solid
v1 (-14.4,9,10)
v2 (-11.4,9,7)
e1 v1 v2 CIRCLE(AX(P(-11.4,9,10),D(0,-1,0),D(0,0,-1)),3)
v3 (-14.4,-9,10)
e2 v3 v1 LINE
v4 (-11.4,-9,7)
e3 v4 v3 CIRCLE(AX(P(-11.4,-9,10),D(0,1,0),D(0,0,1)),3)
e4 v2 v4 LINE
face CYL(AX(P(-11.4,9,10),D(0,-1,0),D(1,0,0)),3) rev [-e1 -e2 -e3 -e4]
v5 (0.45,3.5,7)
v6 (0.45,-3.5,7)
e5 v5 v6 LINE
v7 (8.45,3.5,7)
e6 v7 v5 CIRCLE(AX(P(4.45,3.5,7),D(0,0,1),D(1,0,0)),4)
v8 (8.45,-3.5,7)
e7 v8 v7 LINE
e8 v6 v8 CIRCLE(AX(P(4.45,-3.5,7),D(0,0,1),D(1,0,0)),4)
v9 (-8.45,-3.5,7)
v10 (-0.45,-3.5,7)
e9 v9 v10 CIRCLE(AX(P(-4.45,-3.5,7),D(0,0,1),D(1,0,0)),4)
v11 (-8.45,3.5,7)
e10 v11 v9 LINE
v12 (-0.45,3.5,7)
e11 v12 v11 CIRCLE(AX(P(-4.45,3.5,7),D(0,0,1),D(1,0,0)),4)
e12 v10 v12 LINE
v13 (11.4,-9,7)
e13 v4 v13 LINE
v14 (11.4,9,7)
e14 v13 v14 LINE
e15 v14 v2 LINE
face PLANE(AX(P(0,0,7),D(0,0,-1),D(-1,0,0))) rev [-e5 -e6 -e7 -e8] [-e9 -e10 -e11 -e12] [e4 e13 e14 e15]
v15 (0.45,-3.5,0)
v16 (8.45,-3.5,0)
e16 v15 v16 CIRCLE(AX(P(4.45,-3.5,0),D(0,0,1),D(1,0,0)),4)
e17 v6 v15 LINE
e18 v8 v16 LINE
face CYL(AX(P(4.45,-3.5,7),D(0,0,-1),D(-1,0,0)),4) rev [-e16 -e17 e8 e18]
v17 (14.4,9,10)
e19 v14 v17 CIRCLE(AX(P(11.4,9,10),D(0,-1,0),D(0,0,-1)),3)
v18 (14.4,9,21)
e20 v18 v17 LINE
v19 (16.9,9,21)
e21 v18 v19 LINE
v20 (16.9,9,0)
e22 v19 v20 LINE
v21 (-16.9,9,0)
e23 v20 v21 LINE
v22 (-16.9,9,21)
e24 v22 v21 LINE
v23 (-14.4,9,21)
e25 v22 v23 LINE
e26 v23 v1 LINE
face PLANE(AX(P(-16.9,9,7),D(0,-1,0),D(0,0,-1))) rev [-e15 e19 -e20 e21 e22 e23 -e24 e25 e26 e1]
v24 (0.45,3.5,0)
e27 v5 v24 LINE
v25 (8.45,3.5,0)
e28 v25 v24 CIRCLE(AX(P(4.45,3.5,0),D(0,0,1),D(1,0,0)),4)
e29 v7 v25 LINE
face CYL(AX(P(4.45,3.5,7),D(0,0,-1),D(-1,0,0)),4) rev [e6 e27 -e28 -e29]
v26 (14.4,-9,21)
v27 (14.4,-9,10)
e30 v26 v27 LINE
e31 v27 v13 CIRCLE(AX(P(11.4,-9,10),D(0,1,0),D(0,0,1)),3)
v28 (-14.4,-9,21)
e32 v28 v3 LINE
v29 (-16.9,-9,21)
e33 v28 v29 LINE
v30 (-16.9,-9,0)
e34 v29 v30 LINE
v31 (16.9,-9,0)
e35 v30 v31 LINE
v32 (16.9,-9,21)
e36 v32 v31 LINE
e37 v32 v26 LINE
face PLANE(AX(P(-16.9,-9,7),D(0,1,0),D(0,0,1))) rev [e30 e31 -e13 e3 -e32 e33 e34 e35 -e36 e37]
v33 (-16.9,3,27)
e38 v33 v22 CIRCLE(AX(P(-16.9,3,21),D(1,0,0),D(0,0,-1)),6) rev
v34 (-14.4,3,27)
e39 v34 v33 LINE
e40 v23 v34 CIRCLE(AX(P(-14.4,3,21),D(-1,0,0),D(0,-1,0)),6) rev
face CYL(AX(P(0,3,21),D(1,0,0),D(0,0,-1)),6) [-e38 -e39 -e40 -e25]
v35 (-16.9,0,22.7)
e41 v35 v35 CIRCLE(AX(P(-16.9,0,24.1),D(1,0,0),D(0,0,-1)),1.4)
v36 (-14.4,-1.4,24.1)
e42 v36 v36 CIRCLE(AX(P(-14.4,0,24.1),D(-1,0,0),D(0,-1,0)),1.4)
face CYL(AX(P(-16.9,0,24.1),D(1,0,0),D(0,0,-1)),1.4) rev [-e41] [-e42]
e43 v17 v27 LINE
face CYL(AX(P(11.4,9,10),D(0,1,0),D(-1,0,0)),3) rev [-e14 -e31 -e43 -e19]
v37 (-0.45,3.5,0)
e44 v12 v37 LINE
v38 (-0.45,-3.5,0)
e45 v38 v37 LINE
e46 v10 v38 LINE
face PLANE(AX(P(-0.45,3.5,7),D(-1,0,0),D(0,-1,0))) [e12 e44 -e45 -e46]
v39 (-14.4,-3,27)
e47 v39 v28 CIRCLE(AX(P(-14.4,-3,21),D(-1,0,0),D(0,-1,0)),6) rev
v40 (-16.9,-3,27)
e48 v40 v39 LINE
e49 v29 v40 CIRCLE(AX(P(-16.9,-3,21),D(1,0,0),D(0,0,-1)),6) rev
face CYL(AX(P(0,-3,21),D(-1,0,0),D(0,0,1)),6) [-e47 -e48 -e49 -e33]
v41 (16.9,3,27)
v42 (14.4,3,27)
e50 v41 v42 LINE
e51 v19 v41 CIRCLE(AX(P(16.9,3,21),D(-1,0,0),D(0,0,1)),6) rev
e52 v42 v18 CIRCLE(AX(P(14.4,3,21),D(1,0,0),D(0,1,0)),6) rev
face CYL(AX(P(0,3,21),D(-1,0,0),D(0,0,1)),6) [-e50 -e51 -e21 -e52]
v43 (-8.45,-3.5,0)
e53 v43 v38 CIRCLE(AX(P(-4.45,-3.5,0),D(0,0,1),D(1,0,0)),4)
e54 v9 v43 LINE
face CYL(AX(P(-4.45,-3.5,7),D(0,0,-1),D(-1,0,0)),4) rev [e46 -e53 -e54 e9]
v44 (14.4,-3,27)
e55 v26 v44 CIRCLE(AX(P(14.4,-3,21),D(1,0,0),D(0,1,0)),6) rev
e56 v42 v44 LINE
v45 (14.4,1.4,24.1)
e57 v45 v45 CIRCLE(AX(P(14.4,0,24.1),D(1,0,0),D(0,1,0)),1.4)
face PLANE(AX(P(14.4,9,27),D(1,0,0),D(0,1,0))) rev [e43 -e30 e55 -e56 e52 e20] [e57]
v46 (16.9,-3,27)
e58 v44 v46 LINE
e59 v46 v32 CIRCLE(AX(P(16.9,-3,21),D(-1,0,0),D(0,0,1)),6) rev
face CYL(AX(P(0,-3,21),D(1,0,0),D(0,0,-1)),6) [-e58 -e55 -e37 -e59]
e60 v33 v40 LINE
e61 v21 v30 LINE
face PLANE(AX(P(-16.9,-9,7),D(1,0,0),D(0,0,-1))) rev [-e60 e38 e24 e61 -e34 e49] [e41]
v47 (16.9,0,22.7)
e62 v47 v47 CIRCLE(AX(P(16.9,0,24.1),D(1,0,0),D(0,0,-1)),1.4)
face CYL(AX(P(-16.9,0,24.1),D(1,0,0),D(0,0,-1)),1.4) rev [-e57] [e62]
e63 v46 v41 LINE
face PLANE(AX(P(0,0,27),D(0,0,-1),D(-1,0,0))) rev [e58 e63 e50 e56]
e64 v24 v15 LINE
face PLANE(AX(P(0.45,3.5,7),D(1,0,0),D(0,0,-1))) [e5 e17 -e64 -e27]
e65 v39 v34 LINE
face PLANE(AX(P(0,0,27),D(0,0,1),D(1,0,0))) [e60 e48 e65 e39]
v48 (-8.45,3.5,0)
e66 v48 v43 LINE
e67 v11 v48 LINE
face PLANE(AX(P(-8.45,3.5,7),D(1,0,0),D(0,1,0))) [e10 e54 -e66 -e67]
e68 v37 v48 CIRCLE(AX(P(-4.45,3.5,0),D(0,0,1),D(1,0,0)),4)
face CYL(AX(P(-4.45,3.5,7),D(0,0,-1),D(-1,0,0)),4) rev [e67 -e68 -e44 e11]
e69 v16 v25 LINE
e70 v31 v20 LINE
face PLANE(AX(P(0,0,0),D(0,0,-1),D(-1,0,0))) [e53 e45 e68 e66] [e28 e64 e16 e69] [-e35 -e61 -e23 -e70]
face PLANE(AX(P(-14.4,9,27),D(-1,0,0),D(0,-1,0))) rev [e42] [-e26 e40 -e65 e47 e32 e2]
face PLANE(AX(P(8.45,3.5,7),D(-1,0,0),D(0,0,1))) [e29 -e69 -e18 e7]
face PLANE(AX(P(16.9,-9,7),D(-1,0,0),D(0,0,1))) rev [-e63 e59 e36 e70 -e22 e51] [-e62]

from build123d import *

# Parameters (mm, degrees)
SKETCH1_W           = 33.8
SKETCH1_H           = 18
BOSS_EXTRUDE1_DEPTH = 7
SKETCH2_W           = 2.5
SKETCH2_H           = 18
BOSS_EXTRUDE2_DEPTH = 20
SKETCH3_R           = 1.4
CUT_EXTRUDE1_DEPTH  = 34.8
FILLET1_R           = 6
FILLET2_R           = 3


with BuildPart() as part:
    # Sketch1 → Boss-Extrude1 (new body)
    with BuildSketch(Plane.XY):
        Rectangle(SKETCH1_W, SKETCH1_H)
        with BuildLine():
            Line((-0.45, 3.5), (-0.45, -3.5))
            ThreePointArc((-0.45, -3.5), (-4.45, -7.5), (-8.45, -3.5))
            Line((-8.45, -3.5), (-8.45, 3.5))
            ThreePointArc((-8.45, 3.5), (-4.45, 7.5), (-0.45, 3.5))
        make_face(mode=Mode.SUBTRACT)
        with BuildLine():
            Line((8.45, 3.5), (8.45, -3.5))
            ThreePointArc((8.45, -3.5), (4.45, -7.5), (0.45, -3.5))
            Line((0.45, -3.5), (0.45, 3.5))
            ThreePointArc((0.45, 3.5), (4.45, 7.5), (8.45, 3.5))
        make_face(mode=Mode.SUBTRACT)
    extrude(amount=BOSS_EXTRUDE1_DEPTH)

    # Sketch2 → Boss-Extrude2 (add)
    with BuildSketch(Plane.XY.offset(7)):
        with Locations((-15.65, 0)):
            Rectangle(SKETCH2_W, SKETCH2_H)
        with Locations((15.65, 0)):
            Rectangle(SKETCH2_W, SKETCH2_H)
    extrude(amount=BOSS_EXTRUDE2_DEPTH)

    # Sketch3 → Cut-Extrude1 (cut, through all)
    with BuildSketch(Plane(origin=(16.9, 0, 0), x_dir=(0, 0, -1), z_dir=(1, 0, 0))):
        with Locations((-24.1, 0)):
            Circle(SKETCH3_R)
    extrude(amount=-CUT_EXTRUDE1_DEPTH, mode=Mode.SUBTRACT)

    # Fillet1
    fillet1_edges = [part.edges().sort_by_distance(p)[0] for p in [
        (15.65, -9, 27),
        (-15.65, -9, 27),
        (-15.65, 9, 27),
        (15.65, 9, 27),
    ]]
    fillet(fillet1_edges, radius=FILLET1_R)

    # Fillet2
    fillet2_edges = [part.edges().sort_by_distance(p)[0] for p in [
        (14.4, 0, 7),
        (-14.4, 0, 7),
    ]]
    fillet(fillet2_edges, radius=FILLET2_R)


solid = part.part
